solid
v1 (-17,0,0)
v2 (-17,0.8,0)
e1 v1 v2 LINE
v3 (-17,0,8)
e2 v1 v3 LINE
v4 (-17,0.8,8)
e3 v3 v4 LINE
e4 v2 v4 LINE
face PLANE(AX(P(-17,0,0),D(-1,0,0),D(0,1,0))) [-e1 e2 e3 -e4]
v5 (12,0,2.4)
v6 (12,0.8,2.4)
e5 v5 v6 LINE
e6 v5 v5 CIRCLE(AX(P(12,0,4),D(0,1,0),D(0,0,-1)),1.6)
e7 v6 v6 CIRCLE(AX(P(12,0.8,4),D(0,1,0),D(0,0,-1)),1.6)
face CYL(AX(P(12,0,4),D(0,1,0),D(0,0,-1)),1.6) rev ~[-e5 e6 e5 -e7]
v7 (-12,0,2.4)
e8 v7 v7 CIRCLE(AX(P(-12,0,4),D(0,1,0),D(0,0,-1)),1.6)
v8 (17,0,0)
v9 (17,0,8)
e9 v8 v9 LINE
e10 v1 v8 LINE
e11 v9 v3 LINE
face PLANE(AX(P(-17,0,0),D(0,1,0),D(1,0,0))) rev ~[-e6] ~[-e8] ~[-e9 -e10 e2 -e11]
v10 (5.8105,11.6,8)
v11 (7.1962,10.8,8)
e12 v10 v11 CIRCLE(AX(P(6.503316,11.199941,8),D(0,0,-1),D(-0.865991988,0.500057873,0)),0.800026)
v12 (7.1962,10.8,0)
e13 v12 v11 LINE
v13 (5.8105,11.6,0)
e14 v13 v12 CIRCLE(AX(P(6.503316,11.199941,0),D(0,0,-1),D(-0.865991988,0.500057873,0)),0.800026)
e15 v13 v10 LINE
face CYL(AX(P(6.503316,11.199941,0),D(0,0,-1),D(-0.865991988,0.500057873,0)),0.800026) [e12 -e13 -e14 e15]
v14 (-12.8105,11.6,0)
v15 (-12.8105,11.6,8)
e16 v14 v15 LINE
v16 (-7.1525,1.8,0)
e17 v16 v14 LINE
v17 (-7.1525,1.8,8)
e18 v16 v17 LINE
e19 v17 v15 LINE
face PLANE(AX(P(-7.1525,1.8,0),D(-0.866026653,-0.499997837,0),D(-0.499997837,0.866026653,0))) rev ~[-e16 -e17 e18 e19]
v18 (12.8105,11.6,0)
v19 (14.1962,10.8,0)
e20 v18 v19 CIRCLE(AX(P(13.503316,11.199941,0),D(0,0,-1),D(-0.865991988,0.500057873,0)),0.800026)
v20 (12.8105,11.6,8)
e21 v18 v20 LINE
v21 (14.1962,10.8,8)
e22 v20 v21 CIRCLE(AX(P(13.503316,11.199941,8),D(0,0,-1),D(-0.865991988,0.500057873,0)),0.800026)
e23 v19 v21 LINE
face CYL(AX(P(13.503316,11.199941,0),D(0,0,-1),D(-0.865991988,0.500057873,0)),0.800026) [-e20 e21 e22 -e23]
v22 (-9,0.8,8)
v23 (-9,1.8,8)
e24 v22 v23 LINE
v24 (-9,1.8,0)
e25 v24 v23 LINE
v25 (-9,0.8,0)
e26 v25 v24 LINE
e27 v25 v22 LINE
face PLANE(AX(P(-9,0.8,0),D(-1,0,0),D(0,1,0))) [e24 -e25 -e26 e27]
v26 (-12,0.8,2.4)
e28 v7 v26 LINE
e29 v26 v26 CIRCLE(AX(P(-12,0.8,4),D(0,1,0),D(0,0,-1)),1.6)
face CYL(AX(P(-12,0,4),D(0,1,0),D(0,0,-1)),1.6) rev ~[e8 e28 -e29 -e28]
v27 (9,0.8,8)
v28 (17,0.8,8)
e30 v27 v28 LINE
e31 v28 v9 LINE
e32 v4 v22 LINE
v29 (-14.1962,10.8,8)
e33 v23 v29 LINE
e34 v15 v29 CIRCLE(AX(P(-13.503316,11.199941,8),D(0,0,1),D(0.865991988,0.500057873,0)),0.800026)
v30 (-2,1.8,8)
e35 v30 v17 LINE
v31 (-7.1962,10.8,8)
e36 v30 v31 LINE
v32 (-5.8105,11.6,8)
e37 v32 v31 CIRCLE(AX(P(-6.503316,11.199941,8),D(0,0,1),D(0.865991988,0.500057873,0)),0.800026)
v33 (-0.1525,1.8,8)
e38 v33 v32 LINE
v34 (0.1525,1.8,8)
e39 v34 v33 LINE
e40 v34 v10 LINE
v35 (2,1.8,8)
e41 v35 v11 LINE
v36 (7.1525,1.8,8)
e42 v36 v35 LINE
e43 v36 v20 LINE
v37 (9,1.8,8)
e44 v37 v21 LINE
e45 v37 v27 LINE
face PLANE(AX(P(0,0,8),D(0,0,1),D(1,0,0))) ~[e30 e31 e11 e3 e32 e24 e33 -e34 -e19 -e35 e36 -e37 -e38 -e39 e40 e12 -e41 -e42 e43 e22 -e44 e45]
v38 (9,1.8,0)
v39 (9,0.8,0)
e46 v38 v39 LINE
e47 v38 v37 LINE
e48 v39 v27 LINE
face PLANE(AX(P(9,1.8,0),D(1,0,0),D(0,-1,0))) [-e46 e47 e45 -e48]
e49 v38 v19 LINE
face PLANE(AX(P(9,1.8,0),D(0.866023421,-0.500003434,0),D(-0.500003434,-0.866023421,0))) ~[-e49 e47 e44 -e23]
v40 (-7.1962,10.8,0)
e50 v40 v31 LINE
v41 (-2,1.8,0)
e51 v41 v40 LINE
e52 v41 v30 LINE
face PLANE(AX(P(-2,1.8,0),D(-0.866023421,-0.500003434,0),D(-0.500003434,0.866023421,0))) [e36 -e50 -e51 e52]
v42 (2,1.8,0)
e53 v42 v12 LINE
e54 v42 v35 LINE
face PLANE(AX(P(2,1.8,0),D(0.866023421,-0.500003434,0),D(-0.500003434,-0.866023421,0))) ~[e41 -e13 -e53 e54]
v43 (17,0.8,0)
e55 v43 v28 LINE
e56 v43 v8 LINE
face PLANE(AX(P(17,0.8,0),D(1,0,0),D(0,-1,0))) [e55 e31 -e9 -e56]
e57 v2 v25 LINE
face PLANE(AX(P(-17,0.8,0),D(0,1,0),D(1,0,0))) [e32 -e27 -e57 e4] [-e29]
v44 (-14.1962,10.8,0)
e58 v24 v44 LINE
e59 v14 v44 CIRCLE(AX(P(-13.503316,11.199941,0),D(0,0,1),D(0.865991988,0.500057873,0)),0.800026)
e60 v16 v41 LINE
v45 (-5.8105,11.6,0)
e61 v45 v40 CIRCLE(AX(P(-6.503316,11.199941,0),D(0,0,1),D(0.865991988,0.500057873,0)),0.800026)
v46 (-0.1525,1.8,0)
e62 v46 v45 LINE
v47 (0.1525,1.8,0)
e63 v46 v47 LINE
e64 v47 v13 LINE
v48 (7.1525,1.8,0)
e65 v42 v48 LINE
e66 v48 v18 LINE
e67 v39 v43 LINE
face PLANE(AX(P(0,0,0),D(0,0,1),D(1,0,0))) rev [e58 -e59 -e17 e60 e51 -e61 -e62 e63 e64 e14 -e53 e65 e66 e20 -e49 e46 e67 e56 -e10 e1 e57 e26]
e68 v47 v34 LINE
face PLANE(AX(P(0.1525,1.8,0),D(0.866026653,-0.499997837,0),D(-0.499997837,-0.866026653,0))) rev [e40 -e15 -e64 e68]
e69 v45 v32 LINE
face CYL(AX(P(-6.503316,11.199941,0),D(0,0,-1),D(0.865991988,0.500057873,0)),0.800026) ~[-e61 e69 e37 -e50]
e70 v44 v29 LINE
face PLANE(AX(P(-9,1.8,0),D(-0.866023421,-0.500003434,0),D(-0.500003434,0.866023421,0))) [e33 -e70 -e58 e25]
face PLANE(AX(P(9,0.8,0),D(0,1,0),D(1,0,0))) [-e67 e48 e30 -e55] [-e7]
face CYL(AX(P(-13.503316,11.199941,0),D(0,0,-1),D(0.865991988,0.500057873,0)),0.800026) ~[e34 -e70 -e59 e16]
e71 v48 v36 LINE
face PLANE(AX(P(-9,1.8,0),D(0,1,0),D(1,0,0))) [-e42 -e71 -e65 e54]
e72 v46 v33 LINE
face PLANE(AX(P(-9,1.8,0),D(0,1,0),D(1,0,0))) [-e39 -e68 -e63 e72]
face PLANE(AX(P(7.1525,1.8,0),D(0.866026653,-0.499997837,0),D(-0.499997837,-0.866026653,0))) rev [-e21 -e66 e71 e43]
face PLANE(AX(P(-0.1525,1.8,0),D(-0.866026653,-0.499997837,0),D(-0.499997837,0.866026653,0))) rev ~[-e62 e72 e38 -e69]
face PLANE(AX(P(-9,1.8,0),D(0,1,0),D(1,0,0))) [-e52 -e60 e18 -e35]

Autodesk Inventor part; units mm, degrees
ref_plane "YZ Plane" through (0, 0, 0) normal (1, 0, 0) x (0, 1, 0)
ref_plane "XZ Plane" through (0, 0, 0) normal (0, 1, 0) x (-1, 0, 0)
ref_plane "XY Plane" through (0, 0, 0) normal (0, 0, 1) x (1, 0, 0)
sketch "Skizze1" plane through (0, 0, 0) normal (0, 0, 1) x (1, 0, 0)
  line L0 (-17, 0) -> (17, 0)
  line L1 (0, 2.16) -> (0, -0.36) projected
  line L2 (-17, 0) -> (-17, 0.8)
  line L3 (17, 0.8) -> (17, 0)
  line L4 (-17, 0.8) -> (-9, 0.8)
  line L5 (-9, 0.8) -> (-9, 1.8)
  line L6 (-9, 1.8) -> (9, 1.8)
  line L7 (9, 1.8) -> (9, 0.8)
  line L8 (9, 0.8) -> (17, 0.8)
  point P0 (0, 0)
  dimension "d2" = 0.8
  dimension "d3" = 34
  dimension "d28" = 1
  dimension "d29" = 18
extrude "Extrusion1" add sketch "Skizze1" along normal blind 8
sketch "Skizze2" plane through (0, 0, 0) normal (0, 0, 1) x (1, 0, 0)
  line L0 (-17, 0) -> (17, 0) construction
  line L1 (17, 0) -> (17, 0.8) construction
  line L2 (-9, 0.8) -> (-17, 0.8) construction
  line L3 (-17, 0.8) -> (-17, 0) construction
  line L4 (-9, 1.8) -> (-14.1962, 10.8)
  line L5 (-7.1525, 1.8) -> (-9, 1.8)
  line L6 (-7.1525, 1.8) -> (-12.8105, 11.6)
  arc A0 (-12.8105, 11.6) -> (-14.1962, 10.8) centre (-13.5033, 11.2) ccw
  line L7 (-17, 0.8) -> (-17, 0.8) construction
  line L8 (-17, 0.8) -> (-17, 12) construction
  line L9 (-17, 12) -> (17, 12) construction
  line L10 (17, 12) -> (17, 0.8) construction
  line L11 (17, 0.8) -> (-9, 0.8) construction
  line L12 (0, 13.8837) -> (0, -2.3139) construction
  line L13 (17, 0.8) -> (9, 0.8) projected
  line L14 (9, 0.8) -> (9, 1.8) projected
  line L15 (9, 1.8) -> (-9, 1.8) construction
  line L16 (-9, 1.8) -> (-9, 0.8) projected
  point P0 (0, 0)
  dimension "d10" = 1.6
  dimension "d11" = 60
  dimension "d12" = 34
  dimension "d14" = 12
extrude "Extrusion2" add sketch "Skizze2" along normal blind 8
pattern_linear "Rechteckige Anordnung1" count 2 spacing 7 along (1, 0, 0) of "Extrusion2"
mirror "Spiegeln1" about plane through (0, 0, 0) normal (1, 0, 0) of "Extrusion2", "Rechteckige Anordnung1"
sketch "Skizze3" plane through (-17, 0, 0) normal (0, -1, 0) x (1, 0, 0)
  line L0 (17, 9.6) -> (17, -1.6) projected
  line L1 (0, 0) -> (34, 0) projected
  line L2 (34, 0) -> (34, 8) projected
  line L3 (0, 8) -> (34, 8) projected
  line L4 (0, 0) -> (0, 8) projected
  line L5 (0, 0) -> (0, 8) construction
  line L6 (0, 4) -> (34, 4) construction
  point P0 (17, 0)
  point P1 (5, 4)
  point P2 (29, 4)
  dimension "d20" = 24
hole "Bohrung1" at (-12, 0, 4) at (12, 0, 4) direction (0, 1, 0) diameter 3.2 depth 2 tip angle 118
properties part number "Dribblerdaempfer V2" material "Gummi, Silikon"
